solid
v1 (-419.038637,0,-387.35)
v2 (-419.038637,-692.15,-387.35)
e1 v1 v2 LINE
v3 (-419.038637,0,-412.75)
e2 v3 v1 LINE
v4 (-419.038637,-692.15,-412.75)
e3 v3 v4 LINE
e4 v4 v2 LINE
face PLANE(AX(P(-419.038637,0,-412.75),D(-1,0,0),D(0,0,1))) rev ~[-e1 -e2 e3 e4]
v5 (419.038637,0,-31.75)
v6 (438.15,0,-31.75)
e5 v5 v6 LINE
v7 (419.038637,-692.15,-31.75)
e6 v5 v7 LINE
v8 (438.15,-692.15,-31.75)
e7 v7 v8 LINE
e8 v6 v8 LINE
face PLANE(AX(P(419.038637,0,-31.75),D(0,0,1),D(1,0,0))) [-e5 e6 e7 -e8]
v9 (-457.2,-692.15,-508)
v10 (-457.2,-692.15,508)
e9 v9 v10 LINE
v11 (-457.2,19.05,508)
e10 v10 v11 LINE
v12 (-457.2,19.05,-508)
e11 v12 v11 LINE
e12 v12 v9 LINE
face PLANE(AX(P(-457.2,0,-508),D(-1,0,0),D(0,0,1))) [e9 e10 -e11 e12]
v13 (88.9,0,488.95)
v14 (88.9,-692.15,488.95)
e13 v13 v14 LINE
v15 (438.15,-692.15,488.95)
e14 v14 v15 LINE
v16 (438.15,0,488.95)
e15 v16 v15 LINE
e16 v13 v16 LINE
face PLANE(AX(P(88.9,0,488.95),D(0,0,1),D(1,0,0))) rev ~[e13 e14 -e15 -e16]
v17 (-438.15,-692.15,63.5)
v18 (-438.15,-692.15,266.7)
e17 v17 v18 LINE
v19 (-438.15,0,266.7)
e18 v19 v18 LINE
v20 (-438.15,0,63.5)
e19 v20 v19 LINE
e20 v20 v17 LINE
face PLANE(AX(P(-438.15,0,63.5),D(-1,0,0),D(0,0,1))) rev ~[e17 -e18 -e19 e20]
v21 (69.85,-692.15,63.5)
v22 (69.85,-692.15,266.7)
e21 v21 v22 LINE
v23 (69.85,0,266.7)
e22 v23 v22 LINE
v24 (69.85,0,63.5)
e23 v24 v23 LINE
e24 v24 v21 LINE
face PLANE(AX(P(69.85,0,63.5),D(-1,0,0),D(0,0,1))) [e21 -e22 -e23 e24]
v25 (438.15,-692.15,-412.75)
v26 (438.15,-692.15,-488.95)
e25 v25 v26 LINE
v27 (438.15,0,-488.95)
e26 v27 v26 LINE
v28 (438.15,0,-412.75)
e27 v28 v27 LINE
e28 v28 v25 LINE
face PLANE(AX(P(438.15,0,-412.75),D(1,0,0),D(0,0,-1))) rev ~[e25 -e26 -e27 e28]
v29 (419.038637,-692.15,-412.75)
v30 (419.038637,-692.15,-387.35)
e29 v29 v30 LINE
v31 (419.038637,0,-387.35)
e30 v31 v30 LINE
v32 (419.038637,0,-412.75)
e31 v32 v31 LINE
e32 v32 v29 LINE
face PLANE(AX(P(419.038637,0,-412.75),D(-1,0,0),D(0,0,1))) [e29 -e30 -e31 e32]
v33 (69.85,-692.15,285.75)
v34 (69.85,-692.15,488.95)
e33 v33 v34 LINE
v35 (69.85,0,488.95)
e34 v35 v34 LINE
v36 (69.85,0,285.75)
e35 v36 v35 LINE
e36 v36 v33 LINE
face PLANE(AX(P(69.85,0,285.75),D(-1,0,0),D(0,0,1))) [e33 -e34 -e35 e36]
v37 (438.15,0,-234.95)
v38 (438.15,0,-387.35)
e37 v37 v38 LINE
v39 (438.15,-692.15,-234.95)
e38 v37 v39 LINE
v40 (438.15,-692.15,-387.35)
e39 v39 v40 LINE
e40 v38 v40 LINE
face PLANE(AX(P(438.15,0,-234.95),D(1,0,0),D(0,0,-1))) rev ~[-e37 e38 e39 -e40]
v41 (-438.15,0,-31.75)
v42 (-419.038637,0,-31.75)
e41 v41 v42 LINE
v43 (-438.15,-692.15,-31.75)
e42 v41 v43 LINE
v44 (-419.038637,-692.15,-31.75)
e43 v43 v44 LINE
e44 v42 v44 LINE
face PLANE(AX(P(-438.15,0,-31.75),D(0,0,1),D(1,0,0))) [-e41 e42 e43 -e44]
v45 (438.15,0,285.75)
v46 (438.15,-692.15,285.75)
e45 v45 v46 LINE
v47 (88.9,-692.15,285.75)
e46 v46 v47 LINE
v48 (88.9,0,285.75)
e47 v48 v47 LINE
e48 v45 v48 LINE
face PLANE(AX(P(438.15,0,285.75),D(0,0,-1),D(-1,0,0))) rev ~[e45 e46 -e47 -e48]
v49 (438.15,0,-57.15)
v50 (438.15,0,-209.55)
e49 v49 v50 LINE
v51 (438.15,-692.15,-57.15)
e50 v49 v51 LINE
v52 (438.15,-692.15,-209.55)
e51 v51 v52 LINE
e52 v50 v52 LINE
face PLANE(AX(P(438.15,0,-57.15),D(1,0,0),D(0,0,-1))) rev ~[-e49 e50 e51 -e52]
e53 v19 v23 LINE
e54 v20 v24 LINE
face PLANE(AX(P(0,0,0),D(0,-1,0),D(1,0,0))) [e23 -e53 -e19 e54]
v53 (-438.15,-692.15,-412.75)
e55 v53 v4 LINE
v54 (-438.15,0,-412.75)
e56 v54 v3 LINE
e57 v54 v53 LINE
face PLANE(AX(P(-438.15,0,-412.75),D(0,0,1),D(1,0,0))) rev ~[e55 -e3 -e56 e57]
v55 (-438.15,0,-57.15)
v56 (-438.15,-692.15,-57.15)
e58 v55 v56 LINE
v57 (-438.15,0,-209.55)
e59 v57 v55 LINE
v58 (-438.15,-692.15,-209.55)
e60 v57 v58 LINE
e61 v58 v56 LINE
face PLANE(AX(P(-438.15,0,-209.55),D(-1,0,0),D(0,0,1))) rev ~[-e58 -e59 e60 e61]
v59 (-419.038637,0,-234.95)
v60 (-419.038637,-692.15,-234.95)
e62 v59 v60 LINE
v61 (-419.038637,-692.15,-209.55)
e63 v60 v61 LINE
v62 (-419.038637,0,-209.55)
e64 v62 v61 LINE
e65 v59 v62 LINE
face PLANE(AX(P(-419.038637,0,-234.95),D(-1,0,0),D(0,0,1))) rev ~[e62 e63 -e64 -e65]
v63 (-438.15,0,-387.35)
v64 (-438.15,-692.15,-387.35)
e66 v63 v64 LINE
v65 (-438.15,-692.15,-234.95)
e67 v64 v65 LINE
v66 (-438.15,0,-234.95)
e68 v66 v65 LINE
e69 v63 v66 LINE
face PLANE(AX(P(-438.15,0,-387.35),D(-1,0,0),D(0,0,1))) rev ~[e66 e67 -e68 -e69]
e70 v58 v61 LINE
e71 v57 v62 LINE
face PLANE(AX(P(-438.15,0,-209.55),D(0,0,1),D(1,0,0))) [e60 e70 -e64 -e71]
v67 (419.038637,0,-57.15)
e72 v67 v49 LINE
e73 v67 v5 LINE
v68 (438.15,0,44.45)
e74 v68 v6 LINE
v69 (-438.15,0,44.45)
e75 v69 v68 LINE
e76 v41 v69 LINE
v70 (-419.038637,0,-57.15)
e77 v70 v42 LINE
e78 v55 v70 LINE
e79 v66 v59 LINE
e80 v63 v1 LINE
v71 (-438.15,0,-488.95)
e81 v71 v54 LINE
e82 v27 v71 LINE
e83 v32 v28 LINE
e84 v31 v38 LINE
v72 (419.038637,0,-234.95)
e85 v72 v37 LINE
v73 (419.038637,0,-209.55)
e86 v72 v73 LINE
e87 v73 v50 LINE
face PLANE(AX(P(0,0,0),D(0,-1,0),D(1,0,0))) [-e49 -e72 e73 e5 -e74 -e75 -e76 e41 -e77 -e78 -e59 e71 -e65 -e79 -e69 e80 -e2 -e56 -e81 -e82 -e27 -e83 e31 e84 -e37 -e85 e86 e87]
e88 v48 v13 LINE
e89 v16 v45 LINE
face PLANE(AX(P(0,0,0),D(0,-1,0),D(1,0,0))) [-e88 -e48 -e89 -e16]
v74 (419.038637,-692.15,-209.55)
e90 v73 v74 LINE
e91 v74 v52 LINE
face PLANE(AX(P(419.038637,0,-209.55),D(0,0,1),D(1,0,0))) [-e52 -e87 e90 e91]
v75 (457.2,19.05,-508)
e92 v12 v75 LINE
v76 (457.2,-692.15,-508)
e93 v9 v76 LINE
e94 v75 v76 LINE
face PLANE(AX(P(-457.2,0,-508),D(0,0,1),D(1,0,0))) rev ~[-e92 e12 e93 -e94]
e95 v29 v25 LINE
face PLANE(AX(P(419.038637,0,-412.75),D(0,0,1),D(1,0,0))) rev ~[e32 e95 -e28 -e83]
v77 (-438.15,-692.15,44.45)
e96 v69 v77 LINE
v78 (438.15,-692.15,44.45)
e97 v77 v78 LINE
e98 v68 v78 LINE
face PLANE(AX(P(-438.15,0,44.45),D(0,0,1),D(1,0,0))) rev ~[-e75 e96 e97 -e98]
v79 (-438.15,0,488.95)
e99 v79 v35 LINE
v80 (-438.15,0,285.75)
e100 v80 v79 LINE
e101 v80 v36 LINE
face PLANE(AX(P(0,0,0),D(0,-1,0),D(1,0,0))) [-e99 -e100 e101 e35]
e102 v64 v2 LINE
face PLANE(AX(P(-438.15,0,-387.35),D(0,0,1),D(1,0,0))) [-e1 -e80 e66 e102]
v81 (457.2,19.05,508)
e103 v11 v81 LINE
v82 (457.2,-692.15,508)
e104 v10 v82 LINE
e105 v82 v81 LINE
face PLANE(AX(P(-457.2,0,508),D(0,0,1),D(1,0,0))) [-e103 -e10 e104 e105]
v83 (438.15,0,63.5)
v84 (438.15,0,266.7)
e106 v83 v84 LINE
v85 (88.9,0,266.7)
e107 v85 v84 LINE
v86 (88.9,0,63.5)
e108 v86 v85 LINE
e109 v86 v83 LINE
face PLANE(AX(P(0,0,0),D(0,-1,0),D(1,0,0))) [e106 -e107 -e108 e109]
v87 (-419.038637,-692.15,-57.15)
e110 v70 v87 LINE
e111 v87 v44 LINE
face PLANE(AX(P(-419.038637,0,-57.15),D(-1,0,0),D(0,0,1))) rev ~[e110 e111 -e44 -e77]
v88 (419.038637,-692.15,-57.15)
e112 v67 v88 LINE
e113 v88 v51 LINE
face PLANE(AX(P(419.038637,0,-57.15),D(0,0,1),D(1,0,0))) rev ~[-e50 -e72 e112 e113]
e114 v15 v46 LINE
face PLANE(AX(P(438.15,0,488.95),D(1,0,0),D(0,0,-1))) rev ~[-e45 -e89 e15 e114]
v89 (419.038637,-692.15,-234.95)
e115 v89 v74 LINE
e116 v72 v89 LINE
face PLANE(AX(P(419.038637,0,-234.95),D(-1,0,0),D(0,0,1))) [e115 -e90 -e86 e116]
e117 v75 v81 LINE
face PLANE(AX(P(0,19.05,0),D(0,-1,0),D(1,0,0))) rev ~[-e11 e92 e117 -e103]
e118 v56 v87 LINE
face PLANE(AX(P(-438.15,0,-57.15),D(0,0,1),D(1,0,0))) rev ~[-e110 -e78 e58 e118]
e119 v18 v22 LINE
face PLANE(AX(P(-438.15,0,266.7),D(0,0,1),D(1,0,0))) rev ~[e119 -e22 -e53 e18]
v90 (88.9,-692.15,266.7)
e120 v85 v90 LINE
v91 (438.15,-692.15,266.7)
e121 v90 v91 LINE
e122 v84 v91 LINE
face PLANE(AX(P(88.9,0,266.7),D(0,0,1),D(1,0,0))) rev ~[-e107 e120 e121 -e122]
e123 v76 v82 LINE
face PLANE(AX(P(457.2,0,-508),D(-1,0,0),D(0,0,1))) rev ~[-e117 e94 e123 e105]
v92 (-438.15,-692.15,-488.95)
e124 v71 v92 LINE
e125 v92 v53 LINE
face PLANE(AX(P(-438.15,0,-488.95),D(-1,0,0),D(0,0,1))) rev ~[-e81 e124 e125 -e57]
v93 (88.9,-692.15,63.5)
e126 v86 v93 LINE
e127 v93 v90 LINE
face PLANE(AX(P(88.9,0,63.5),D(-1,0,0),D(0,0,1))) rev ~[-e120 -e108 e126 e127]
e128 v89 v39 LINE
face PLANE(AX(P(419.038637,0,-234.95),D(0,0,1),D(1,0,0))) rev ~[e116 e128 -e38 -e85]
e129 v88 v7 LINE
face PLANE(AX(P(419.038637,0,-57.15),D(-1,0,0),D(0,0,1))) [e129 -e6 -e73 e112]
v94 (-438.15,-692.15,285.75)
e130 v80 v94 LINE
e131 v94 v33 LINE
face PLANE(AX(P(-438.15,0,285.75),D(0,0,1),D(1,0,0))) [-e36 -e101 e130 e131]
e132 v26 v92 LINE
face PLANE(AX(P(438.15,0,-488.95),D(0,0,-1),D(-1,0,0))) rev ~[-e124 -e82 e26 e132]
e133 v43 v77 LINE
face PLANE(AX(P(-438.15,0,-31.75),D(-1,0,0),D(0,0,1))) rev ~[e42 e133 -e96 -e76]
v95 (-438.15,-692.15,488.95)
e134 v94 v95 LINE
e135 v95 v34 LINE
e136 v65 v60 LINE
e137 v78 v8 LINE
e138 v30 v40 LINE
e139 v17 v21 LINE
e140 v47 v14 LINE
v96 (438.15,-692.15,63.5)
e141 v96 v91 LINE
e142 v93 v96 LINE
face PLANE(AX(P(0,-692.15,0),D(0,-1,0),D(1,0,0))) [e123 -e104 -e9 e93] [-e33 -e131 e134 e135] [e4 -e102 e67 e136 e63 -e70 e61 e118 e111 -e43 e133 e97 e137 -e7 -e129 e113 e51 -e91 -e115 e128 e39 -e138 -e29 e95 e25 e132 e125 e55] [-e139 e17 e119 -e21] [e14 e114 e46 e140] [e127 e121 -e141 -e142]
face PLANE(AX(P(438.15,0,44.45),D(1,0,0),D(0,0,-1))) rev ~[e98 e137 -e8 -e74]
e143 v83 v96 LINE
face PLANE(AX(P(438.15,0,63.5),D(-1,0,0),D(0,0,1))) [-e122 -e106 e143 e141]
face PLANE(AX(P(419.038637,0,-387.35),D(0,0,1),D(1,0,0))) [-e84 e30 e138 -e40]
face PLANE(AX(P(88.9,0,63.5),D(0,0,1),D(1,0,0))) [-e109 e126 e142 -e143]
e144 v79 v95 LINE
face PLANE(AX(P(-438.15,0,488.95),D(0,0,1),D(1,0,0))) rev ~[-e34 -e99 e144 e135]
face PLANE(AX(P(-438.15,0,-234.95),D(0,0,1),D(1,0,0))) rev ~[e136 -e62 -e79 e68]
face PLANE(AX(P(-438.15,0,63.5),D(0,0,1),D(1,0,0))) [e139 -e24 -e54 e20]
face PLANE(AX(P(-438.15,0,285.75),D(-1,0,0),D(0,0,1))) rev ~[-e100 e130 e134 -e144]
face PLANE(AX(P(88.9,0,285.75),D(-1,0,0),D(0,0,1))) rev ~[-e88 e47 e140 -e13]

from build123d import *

# Parameters (mm, degrees)
F0_W     = 914.4
F0_H     = 1016
F0_W_2   = 508
F0_H_2   = 203.2
F0_W_3   = 349.25
F0_W_4   = 19.1113628226
F0_H_3   = 25.4
F1_DEPTH = 19.05
F2_DEPTH = 692.15


with BuildPart() as f1:
    # F0 (on Front) → F1 (new body)
    with BuildSketch(Plane.XZ):
        Rectangle(F0_W, F0_H)
        Polygon((-438.15, -31.75), (-438.15, 44.45), (438.15, 44.45), (438.15, -31.75), (438.15, -57.15), (438.15, -209.55), (438.15, -234.95), (438.15, -387.35), (438.15, -412.75), (438.15, -488.95), (-438.15, -488.95), (-438.15, -412.75), (-438.15, -387.35), (-438.15, -234.95), (-438.15, -209.55), (-438.15, -57.15), align=None, mode=Mode.SUBTRACT)
        with Locations((-184.15, 165.1)):
            Rectangle(F0_W_2, F0_H_2, mode=Mode.SUBTRACT)
        with Locations((-184.15, 387.35)):
            Rectangle(F0_W_2, F0_H_2, mode=Mode.SUBTRACT)
        with Locations((263.525, 165.1)):
            Rectangle(F0_W_3, F0_H_2, mode=Mode.SUBTRACT)
        Polygon((438.15, 488.95), (438.15, 285.75), (88.9, 285.75), (88.9, 317.5), (88.9, 488.95), align=None, mode=Mode.SUBTRACT)
        Polygon((88.9, 285.75), (438.15, 285.75), (438.15, 488.95), (88.9, 488.95), (88.9, 317.5), align=None)
        with Locations((-184.15, 165.1)):
            Rectangle(F0_W_2, F0_H_2)
        Polygon((438.15, 44.45), (-438.15, 44.45), (-438.15, -31.75), (-419.0386371774, -31.75), (-419.0386371774, -57.15), (-438.15, -57.15), (-438.15, -209.55), (-419.0386371774, -209.55), (-419.0386371774, -234.95), (-438.15, -234.95), (-438.15, -387.35), (-419.0386371774, -387.35), (-419.0386371774, -412.75), (-438.15, -412.75), (-438.15, -488.95), (438.15, -488.95), (438.15, -412.75), (419.0386371774, -412.75), (419.0386371774, -387.35), (438.15, -387.35), (438.15, -234.95), (419.0386371774, -234.95), (419.0386371774, -209.55), (438.15, -209.55), (438.15, -57.15), (419.0386371774, -57.15), (419.0386371774, -31.75), (438.15, -31.75), align=None)
        with Locations((-428.5943185887, -44.45)):
            Rectangle(F0_W_4, F0_H_3)
        with Locations((-428.5943185887, -222.25)):
            Rectangle(F0_W_4, F0_H_3)
        with Locations((-428.5943185887, -400.05)):
            Rectangle(F0_W_4, F0_H_3)
        with Locations((428.5943185887, -400.05)):
            Rectangle(F0_W_4, F0_H_3)
        with Locations((428.5943185887, -222.25)):
            Rectangle(F0_W_4, F0_H_3)
        with Locations((428.5943185887, -44.45)):
            Rectangle(F0_W_4, F0_H_3)
        with Locations((-184.15, 387.35)):
            Rectangle(F0_W_2, F0_H_2)
        with Locations((263.525, 165.1)):
            Rectangle(F0_W_3, F0_H_2)
    extrude(amount=-F1_DEPTH)

    # F0 (on Front) → F2 (join)
    with BuildSketch(Plane.XZ):
        Rectangle(F0_W, F0_H)
        Polygon((-438.15, -31.75), (-438.15, 44.45), (438.15, 44.45), (438.15, -31.75), (438.15, -57.15), (438.15, -209.55), (438.15, -234.95), (438.15, -387.35), (438.15, -412.75), (438.15, -488.95), (-438.15, -488.95), (-438.15, -412.75), (-438.15, -387.35), (-438.15, -234.95), (-438.15, -209.55), (-438.15, -57.15), align=None, mode=Mode.SUBTRACT)
        with Locations((-184.15, 165.1)):
            Rectangle(F0_W_2, F0_H_2, mode=Mode.SUBTRACT)
        with Locations((-184.15, 387.35)):
            Rectangle(F0_W_2, F0_H_2, mode=Mode.SUBTRACT)
        with Locations((263.525, 165.1)):
            Rectangle(F0_W_3, F0_H_2, mode=Mode.SUBTRACT)
        Polygon((438.15, 488.95), (438.15, 285.75), (88.9, 285.75), (88.9, 317.5), (88.9, 488.95), align=None, mode=Mode.SUBTRACT)
        with Locations((-428.5943185887, -400.05)):
            Rectangle(F0_W_4, F0_H_3)
        with Locations((-428.5943185887, -222.25)):
            Rectangle(F0_W_4, F0_H_3)
        with Locations((-428.5943185887, -44.45)):
            Rectangle(F0_W_4, F0_H_3)
        with Locations((428.5943185887, -44.45)):
            Rectangle(F0_W_4, F0_H_3)
        with Locations((428.5943185887, -222.25)):
            Rectangle(F0_W_4, F0_H_3)
        with Locations((428.5943185887, -400.05)):
            Rectangle(F0_W_4, F0_H_3)
    extrude(amount=F2_DEPTH)


solid = f1.part
